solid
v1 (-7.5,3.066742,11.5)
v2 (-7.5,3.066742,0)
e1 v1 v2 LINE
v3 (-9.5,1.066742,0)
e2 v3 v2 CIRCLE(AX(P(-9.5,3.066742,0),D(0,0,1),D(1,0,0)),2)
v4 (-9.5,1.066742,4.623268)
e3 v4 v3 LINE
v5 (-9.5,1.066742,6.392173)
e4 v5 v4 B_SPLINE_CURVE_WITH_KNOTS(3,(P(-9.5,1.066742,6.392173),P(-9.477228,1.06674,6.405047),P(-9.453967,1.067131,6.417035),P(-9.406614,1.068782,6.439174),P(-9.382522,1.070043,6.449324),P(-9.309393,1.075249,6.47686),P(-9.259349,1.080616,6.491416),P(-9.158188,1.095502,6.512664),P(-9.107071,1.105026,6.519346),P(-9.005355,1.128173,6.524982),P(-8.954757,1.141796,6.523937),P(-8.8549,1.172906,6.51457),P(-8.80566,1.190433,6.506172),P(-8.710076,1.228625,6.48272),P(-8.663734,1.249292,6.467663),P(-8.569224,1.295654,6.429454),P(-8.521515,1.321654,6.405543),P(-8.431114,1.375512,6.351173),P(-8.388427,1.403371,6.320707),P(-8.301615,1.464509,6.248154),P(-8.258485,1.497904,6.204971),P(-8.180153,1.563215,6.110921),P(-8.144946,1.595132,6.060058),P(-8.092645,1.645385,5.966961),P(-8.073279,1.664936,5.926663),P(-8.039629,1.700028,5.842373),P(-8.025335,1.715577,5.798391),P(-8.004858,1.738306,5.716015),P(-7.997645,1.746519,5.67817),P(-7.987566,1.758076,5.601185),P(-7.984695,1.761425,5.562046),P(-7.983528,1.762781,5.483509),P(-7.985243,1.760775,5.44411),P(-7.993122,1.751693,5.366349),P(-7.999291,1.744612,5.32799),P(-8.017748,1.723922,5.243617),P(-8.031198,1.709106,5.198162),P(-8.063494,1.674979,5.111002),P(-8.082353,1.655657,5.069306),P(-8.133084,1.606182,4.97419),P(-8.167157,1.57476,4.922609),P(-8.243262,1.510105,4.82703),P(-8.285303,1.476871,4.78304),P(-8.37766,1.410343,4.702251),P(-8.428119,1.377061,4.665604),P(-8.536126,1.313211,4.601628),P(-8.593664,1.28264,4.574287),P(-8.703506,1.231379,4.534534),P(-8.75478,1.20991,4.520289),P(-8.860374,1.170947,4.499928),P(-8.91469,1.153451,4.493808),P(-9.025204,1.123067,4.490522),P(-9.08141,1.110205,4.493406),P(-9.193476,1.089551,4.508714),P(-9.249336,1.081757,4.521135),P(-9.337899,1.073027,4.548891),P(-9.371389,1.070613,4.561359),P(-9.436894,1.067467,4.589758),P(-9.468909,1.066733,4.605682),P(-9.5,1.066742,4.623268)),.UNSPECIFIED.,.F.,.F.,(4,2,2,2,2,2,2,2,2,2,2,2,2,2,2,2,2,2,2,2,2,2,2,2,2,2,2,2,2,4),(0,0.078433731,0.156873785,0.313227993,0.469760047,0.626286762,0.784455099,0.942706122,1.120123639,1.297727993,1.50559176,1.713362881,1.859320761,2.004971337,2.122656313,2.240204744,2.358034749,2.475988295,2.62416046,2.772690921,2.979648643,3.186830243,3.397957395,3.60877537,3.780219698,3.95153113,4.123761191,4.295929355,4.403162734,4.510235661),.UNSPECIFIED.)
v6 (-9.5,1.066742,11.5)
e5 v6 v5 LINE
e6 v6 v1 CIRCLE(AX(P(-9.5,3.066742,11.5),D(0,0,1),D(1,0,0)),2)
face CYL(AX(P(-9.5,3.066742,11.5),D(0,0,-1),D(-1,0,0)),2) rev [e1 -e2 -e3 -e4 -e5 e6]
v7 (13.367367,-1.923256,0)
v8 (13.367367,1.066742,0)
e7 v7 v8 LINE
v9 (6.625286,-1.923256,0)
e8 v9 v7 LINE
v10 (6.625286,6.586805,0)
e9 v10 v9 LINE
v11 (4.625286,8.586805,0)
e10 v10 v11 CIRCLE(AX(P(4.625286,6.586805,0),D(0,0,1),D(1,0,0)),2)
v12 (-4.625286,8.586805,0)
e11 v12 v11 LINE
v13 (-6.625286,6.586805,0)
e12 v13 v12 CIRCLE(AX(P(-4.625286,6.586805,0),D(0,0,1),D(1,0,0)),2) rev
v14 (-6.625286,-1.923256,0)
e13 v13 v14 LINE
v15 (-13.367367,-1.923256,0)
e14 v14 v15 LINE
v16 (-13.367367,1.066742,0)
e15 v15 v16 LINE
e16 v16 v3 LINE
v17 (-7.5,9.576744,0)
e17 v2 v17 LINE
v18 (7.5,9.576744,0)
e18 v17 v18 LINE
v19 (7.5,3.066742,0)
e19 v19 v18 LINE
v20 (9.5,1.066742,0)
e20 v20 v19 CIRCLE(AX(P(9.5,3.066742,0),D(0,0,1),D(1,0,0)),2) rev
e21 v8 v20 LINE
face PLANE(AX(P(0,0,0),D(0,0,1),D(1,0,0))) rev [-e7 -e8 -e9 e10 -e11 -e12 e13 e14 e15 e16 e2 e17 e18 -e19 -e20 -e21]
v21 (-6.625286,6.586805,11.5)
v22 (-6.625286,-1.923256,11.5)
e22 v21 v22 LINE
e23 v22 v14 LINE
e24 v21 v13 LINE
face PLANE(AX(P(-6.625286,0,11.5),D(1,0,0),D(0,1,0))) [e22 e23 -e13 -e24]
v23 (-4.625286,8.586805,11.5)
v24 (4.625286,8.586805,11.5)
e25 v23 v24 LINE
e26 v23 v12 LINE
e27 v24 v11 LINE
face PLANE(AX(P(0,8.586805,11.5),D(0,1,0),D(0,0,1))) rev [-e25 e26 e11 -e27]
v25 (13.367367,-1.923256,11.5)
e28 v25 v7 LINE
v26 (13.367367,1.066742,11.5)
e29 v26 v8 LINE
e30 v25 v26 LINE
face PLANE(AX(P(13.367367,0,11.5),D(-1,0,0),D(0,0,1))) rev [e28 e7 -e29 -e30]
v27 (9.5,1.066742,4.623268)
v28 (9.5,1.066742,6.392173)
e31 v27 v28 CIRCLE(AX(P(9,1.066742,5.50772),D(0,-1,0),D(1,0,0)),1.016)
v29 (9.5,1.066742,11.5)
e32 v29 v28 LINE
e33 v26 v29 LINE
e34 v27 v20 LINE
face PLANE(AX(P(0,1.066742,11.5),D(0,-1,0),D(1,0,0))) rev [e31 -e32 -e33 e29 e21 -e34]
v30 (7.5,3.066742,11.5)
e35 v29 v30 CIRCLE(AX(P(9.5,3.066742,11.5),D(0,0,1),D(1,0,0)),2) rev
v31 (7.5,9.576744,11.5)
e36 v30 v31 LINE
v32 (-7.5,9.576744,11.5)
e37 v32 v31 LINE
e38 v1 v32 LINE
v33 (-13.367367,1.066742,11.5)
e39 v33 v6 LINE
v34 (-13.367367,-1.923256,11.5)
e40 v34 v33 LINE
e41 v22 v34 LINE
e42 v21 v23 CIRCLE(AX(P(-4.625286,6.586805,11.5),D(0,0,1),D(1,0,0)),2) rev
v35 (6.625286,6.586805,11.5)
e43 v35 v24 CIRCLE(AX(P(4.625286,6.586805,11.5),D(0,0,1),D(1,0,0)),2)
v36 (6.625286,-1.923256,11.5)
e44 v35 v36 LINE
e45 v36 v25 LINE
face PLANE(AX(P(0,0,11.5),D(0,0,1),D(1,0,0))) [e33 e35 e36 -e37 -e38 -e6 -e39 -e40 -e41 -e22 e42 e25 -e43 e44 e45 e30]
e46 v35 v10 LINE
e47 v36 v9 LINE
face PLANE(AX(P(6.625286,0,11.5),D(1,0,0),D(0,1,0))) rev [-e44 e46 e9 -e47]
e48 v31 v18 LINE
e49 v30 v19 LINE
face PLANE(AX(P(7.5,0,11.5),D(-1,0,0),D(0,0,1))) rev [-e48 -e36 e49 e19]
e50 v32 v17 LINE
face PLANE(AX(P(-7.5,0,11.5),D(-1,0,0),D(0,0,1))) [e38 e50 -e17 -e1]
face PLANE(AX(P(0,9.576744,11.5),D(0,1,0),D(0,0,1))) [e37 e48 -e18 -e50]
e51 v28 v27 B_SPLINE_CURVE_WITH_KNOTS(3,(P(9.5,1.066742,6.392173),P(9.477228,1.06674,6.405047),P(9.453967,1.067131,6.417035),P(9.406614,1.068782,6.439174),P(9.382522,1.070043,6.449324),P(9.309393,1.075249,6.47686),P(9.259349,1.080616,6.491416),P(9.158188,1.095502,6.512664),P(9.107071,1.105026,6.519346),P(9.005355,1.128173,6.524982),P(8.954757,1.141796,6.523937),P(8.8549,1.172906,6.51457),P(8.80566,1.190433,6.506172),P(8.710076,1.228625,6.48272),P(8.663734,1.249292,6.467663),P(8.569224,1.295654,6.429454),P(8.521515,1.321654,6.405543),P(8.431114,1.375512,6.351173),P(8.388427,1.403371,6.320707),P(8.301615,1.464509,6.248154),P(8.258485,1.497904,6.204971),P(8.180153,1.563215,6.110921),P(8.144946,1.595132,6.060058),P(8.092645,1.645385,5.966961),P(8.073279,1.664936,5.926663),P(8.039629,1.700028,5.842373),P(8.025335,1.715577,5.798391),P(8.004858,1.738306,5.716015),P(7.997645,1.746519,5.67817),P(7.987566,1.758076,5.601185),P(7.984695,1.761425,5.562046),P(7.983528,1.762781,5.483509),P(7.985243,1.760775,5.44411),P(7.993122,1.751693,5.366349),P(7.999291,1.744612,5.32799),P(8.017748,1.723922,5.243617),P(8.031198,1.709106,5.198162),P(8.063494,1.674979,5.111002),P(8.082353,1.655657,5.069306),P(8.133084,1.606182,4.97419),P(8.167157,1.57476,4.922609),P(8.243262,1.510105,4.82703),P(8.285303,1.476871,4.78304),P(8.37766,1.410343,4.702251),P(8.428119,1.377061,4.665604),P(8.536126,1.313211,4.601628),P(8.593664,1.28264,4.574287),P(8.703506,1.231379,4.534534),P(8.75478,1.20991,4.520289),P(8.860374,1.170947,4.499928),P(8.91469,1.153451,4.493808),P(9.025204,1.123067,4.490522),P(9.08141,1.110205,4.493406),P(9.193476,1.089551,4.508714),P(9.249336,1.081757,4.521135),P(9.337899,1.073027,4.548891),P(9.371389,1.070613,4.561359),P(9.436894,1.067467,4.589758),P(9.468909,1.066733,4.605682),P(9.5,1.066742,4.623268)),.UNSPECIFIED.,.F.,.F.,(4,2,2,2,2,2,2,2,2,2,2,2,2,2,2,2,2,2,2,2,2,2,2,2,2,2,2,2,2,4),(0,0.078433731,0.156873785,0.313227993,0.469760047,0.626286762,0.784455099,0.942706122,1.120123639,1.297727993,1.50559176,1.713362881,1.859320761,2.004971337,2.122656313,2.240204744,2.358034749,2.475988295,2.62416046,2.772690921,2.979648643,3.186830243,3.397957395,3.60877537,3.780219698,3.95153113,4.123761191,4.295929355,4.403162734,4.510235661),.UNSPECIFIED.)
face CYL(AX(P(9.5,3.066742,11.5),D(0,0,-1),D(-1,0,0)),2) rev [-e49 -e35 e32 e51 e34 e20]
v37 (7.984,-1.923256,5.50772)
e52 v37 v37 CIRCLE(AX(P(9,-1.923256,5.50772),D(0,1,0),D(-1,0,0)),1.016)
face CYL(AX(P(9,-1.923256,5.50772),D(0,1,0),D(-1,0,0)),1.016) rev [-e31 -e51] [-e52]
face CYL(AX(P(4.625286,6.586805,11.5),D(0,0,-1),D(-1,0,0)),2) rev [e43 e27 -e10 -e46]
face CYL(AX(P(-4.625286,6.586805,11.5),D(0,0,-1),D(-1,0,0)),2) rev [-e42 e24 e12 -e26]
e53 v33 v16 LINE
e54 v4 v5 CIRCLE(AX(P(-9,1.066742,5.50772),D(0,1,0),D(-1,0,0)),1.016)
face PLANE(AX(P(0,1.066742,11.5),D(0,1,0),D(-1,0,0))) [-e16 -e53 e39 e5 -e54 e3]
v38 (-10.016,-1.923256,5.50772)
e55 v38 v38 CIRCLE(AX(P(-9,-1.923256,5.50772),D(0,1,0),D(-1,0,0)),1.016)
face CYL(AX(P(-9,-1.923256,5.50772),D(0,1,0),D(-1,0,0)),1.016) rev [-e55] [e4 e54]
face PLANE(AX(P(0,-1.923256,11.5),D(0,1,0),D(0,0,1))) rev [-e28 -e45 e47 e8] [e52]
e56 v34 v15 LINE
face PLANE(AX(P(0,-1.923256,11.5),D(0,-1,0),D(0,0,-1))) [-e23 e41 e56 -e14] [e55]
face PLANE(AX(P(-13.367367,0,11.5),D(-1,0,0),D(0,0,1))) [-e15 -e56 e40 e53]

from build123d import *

# Parameters (mm, degrees)
BOSS_EXTRUDE1_DEPTH     = 11.5
CUT_EXTRUDE2_DEPTH      = 20.579495528
CUT_EXTRUDE2_DEPTH_BACK = 20.579495528
SKETCH2_R               = 1.016


with BuildPart() as part:
    # Sketch1 → Boss-Extrude1 (new body)
    with BuildSketch(Plane.XY):
        with BuildLine():
            Line((7.5, 9.576744186), (0, 9.576744186))
            Line((0, 9.576744186), (0, 8.586804732))
            Line((0, 8.586804732), (4.625286285, 8.586804732))
            ThreePointArc((4.625286285, 8.586804732), (6.039499847, 8.001018294), (6.625286285, 6.586804732))
            Line((6.625286285, 6.586804732), (6.625286285, -1.923255814))
            Line((6.625286285, -1.923255814), (13.367366986, -1.923255814))
            Line((13.367366986, -1.923255814), (13.367366986, 1.066741541))
            Line((13.367366986, 1.066741541), (9.5, 1.066741541))
            ThreePointArc((9.5, 1.066741541), (8.085786438, 1.652527979), (7.5, 3.066741541))
            Line((7.5, 3.066741541), (7.5, 9.576744186))
        make_face()
        with BuildLine():
            Line((0, 9.576744186), (-7.5, 9.576744186))
            Line((-7.5, 9.576744186), (-7.5, 3.066741541))
            ThreePointArc((-7.5, 3.066741541), (-8.085786438, 1.652527979), (-9.5, 1.066741541))
            Line((-9.5, 1.066741541), (-13.367366986, 1.066741541))
            Line((-13.367366986, 1.066741541), (-13.367366986, -1.923255814))
            Line((-13.367366986, -1.923255814), (-6.625286285, -1.923255814))
            Line((-6.625286285, -1.923255814), (-6.625286285, 6.586804732))
            ThreePointArc((-6.625286285, 6.586804732), (-6.039499847, 8.001018294), (-4.625286285, 8.586804732))
            Line((-4.625286285, 8.586804732), (0, 8.586804732))
            Line((0, 8.586804732), (0, 9.576744186))
        make_face()
    extrude(amount=BOSS_EXTRUDE1_DEPTH)

    # Sketch2 → Cut-Extrude2 (cut, two sides: drawn at the far end of the back side and taken through both)
    with BuildSketch(Plane(origin=(0, 1.066741541, 0), x_dir=(1, 0, 0), z_dir=(0, 1, 0)).offset(-CUT_EXTRUDE2_DEPTH_BACK)):
        with Locations(Location((-9, -5.507720323, 0), (0, 0, 180))):
            Circle(SKETCH2_R)
        with Locations(Location((9, -5.507720323, 0), (0, 0, 180))):
            Circle(SKETCH2_R)
    extrude(amount=CUT_EXTRUDE2_DEPTH + CUT_EXTRUDE2_DEPTH_BACK, mode=Mode.SUBTRACT)


solid = part.part
